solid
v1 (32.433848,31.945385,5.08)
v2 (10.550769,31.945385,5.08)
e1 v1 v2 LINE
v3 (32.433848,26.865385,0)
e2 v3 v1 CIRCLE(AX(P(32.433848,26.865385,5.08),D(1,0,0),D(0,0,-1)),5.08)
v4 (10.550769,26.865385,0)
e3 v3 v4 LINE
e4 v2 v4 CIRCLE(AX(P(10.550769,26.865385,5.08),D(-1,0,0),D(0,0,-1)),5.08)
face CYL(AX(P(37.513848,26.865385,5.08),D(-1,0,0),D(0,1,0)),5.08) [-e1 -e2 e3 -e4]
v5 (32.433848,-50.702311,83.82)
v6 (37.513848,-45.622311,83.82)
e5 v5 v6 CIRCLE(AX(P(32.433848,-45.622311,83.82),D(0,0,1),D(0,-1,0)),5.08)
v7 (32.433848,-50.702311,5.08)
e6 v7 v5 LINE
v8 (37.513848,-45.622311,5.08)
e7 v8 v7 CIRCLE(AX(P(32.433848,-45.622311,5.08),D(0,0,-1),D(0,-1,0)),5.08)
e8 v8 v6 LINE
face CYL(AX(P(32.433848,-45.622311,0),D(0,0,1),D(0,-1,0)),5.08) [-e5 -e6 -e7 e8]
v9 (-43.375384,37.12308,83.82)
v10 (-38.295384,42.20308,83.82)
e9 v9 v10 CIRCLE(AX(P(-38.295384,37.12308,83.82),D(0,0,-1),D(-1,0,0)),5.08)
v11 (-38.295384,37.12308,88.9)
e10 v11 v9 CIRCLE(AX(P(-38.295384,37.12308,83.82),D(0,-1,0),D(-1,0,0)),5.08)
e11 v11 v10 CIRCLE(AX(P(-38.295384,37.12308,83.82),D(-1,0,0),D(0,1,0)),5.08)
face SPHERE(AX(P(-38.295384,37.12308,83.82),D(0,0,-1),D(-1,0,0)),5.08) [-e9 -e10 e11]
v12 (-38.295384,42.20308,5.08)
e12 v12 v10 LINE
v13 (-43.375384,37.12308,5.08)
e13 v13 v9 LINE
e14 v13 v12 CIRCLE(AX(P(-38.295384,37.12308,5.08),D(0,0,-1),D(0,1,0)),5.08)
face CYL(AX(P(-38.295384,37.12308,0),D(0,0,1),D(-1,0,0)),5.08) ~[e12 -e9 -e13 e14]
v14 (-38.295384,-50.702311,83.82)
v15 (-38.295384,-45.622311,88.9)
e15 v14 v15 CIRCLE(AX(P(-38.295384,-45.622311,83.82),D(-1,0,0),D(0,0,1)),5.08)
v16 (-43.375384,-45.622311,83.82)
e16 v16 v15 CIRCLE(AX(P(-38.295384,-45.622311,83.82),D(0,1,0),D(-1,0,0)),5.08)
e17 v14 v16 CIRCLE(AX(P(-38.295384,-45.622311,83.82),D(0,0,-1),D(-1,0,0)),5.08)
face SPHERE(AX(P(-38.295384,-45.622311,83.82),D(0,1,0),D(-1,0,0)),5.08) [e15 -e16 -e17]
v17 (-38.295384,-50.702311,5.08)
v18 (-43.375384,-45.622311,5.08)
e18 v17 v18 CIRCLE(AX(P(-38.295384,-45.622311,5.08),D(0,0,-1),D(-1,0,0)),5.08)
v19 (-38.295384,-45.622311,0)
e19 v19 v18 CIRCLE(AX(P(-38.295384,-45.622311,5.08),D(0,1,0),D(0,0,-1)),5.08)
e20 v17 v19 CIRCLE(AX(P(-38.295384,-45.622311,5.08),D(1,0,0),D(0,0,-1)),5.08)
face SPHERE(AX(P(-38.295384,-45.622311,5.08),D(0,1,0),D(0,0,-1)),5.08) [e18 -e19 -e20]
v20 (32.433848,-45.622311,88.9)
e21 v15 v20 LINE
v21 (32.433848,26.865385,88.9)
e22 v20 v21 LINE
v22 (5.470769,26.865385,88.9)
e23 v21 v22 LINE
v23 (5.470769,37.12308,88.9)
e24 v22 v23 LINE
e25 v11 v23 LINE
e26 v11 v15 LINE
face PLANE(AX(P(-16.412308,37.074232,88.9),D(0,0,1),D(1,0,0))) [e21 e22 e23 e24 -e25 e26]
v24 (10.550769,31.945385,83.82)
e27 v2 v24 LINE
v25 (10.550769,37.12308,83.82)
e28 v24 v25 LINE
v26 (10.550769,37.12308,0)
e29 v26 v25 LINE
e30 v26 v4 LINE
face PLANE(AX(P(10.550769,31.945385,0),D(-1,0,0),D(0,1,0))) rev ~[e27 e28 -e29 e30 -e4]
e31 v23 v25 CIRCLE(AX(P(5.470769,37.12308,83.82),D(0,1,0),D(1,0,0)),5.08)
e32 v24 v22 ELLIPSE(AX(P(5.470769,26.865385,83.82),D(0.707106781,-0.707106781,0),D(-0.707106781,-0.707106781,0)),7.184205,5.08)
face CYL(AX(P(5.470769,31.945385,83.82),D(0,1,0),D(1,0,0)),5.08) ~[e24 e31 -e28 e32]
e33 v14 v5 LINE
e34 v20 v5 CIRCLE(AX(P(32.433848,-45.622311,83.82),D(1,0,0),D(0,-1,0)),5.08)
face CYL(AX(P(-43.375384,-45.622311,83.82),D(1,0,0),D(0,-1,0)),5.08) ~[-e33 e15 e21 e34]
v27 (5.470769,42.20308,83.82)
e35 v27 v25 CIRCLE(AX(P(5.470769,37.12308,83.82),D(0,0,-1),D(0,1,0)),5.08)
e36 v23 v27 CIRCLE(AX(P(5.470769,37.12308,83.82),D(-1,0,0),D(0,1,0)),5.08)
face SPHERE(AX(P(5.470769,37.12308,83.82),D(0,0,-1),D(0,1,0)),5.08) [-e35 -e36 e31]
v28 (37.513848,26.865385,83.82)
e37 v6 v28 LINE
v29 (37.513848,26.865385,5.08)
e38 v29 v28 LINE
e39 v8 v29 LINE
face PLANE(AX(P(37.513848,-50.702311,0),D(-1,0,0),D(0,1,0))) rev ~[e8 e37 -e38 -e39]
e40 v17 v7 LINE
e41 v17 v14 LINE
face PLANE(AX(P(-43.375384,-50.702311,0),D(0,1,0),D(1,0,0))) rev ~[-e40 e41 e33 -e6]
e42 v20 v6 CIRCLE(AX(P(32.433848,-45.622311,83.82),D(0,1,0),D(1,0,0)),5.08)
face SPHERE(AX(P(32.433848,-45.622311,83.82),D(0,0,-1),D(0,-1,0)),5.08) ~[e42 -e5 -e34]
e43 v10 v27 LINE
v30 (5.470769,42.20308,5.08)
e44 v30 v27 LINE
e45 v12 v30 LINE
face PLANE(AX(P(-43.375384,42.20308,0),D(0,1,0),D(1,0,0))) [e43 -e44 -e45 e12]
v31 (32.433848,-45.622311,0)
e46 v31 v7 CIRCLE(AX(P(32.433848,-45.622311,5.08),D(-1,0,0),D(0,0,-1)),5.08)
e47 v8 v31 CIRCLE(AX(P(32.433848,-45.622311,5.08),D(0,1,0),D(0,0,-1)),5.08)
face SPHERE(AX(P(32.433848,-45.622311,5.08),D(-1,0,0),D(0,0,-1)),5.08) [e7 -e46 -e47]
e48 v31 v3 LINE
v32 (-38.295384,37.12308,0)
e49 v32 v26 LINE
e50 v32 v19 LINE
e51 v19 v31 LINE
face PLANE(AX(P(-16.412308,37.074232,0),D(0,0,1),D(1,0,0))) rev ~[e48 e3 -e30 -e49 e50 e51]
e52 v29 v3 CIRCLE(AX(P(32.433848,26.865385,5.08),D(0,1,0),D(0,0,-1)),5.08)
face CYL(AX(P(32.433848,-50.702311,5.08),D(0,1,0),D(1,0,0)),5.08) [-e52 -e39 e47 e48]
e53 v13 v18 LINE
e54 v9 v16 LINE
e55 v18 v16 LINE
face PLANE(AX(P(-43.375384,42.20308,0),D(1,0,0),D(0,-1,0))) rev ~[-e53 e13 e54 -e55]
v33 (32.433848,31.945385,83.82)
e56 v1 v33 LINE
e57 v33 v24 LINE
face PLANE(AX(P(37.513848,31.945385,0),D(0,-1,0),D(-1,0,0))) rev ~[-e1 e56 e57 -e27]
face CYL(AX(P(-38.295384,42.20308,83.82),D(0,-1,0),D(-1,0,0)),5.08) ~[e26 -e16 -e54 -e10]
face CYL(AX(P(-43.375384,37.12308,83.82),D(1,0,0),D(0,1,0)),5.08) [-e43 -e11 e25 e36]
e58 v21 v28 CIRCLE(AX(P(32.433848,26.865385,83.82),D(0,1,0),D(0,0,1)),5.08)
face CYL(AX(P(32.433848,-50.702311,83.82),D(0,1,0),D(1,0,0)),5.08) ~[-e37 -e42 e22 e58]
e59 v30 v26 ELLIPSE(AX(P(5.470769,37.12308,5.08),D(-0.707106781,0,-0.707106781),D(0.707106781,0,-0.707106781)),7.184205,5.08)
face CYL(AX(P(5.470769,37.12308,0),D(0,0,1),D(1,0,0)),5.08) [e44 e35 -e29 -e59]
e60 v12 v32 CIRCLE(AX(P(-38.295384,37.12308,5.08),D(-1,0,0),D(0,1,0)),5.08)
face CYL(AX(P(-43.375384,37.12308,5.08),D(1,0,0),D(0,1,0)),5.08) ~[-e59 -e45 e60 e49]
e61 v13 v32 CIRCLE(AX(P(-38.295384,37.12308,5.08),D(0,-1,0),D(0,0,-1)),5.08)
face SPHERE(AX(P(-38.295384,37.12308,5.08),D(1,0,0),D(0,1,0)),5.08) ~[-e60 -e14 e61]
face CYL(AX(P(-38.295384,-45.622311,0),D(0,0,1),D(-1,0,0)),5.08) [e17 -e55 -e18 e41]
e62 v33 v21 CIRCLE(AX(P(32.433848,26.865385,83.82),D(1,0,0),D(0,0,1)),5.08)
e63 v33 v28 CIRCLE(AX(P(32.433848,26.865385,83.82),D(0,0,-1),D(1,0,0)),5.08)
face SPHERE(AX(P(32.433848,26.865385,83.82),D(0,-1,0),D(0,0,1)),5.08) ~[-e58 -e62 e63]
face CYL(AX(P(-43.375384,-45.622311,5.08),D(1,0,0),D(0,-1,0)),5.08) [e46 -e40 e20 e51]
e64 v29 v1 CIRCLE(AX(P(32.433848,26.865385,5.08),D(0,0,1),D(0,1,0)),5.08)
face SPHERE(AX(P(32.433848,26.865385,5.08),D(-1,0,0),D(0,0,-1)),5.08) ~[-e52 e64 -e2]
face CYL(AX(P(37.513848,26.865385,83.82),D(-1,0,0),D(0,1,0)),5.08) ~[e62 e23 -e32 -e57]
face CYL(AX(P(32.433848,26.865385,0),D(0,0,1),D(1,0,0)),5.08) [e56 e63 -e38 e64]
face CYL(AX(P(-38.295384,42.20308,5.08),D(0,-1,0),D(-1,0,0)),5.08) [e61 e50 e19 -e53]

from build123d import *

# Parameters (mm, degrees)
F0_W     = 53.9261531085
F0_H     = 10.2576948702
F1_DEPTH = 88.9
F2_R     = 5.08


with BuildPart() as f1:
    # F0 (on Top) → F1 (new body)
    with BuildSketch(Plane.XY):
        with Locations((-16.4123075083, 37.074232474)):
            Rectangle(F0_W, F0_H)
        Polygon((10.5507690459, 31.9453850389), (-43.3753840625, 31.9453850389), (-43.3753840625, -50.7023110986), (37.5138483942, -50.7023110986), (37.5138483942, 31.9453850389), align=None)
    extrude(amount=F1_DEPTH)

    # F2
    f2_edges = [f1.edges().sort_by_distance(p)[0] for p in [
        (24.032309, 31.945385, 0),
        (-16.412308, 42.20308, 0),
        (10.550769, 42.20308, 44.45),
        (-43.375384, 42.20308, 44.45),
        (-43.375384, -4.249616, 0),
        (-2.930768, -50.702311, 0),
        (37.513848, -9.378463, 0),
        (-43.375384, -4.249616, 88.9),
        (-43.375384, -50.702311, 44.45),
        (37.513848, -50.702311, 44.45),
        (-2.930768, -50.702311, 88.9),
        (37.513848, -9.378463, 88.9),
        (24.032309, 31.945385, 88.9),
        (-16.412308, 42.20308, 88.9),
        (10.550769, 37.074232, 88.9),
        (37.513848, 31.945385, 44.45),
    ]]
    fillet(f2_edges, radius=F2_R)


solid = f1.part
